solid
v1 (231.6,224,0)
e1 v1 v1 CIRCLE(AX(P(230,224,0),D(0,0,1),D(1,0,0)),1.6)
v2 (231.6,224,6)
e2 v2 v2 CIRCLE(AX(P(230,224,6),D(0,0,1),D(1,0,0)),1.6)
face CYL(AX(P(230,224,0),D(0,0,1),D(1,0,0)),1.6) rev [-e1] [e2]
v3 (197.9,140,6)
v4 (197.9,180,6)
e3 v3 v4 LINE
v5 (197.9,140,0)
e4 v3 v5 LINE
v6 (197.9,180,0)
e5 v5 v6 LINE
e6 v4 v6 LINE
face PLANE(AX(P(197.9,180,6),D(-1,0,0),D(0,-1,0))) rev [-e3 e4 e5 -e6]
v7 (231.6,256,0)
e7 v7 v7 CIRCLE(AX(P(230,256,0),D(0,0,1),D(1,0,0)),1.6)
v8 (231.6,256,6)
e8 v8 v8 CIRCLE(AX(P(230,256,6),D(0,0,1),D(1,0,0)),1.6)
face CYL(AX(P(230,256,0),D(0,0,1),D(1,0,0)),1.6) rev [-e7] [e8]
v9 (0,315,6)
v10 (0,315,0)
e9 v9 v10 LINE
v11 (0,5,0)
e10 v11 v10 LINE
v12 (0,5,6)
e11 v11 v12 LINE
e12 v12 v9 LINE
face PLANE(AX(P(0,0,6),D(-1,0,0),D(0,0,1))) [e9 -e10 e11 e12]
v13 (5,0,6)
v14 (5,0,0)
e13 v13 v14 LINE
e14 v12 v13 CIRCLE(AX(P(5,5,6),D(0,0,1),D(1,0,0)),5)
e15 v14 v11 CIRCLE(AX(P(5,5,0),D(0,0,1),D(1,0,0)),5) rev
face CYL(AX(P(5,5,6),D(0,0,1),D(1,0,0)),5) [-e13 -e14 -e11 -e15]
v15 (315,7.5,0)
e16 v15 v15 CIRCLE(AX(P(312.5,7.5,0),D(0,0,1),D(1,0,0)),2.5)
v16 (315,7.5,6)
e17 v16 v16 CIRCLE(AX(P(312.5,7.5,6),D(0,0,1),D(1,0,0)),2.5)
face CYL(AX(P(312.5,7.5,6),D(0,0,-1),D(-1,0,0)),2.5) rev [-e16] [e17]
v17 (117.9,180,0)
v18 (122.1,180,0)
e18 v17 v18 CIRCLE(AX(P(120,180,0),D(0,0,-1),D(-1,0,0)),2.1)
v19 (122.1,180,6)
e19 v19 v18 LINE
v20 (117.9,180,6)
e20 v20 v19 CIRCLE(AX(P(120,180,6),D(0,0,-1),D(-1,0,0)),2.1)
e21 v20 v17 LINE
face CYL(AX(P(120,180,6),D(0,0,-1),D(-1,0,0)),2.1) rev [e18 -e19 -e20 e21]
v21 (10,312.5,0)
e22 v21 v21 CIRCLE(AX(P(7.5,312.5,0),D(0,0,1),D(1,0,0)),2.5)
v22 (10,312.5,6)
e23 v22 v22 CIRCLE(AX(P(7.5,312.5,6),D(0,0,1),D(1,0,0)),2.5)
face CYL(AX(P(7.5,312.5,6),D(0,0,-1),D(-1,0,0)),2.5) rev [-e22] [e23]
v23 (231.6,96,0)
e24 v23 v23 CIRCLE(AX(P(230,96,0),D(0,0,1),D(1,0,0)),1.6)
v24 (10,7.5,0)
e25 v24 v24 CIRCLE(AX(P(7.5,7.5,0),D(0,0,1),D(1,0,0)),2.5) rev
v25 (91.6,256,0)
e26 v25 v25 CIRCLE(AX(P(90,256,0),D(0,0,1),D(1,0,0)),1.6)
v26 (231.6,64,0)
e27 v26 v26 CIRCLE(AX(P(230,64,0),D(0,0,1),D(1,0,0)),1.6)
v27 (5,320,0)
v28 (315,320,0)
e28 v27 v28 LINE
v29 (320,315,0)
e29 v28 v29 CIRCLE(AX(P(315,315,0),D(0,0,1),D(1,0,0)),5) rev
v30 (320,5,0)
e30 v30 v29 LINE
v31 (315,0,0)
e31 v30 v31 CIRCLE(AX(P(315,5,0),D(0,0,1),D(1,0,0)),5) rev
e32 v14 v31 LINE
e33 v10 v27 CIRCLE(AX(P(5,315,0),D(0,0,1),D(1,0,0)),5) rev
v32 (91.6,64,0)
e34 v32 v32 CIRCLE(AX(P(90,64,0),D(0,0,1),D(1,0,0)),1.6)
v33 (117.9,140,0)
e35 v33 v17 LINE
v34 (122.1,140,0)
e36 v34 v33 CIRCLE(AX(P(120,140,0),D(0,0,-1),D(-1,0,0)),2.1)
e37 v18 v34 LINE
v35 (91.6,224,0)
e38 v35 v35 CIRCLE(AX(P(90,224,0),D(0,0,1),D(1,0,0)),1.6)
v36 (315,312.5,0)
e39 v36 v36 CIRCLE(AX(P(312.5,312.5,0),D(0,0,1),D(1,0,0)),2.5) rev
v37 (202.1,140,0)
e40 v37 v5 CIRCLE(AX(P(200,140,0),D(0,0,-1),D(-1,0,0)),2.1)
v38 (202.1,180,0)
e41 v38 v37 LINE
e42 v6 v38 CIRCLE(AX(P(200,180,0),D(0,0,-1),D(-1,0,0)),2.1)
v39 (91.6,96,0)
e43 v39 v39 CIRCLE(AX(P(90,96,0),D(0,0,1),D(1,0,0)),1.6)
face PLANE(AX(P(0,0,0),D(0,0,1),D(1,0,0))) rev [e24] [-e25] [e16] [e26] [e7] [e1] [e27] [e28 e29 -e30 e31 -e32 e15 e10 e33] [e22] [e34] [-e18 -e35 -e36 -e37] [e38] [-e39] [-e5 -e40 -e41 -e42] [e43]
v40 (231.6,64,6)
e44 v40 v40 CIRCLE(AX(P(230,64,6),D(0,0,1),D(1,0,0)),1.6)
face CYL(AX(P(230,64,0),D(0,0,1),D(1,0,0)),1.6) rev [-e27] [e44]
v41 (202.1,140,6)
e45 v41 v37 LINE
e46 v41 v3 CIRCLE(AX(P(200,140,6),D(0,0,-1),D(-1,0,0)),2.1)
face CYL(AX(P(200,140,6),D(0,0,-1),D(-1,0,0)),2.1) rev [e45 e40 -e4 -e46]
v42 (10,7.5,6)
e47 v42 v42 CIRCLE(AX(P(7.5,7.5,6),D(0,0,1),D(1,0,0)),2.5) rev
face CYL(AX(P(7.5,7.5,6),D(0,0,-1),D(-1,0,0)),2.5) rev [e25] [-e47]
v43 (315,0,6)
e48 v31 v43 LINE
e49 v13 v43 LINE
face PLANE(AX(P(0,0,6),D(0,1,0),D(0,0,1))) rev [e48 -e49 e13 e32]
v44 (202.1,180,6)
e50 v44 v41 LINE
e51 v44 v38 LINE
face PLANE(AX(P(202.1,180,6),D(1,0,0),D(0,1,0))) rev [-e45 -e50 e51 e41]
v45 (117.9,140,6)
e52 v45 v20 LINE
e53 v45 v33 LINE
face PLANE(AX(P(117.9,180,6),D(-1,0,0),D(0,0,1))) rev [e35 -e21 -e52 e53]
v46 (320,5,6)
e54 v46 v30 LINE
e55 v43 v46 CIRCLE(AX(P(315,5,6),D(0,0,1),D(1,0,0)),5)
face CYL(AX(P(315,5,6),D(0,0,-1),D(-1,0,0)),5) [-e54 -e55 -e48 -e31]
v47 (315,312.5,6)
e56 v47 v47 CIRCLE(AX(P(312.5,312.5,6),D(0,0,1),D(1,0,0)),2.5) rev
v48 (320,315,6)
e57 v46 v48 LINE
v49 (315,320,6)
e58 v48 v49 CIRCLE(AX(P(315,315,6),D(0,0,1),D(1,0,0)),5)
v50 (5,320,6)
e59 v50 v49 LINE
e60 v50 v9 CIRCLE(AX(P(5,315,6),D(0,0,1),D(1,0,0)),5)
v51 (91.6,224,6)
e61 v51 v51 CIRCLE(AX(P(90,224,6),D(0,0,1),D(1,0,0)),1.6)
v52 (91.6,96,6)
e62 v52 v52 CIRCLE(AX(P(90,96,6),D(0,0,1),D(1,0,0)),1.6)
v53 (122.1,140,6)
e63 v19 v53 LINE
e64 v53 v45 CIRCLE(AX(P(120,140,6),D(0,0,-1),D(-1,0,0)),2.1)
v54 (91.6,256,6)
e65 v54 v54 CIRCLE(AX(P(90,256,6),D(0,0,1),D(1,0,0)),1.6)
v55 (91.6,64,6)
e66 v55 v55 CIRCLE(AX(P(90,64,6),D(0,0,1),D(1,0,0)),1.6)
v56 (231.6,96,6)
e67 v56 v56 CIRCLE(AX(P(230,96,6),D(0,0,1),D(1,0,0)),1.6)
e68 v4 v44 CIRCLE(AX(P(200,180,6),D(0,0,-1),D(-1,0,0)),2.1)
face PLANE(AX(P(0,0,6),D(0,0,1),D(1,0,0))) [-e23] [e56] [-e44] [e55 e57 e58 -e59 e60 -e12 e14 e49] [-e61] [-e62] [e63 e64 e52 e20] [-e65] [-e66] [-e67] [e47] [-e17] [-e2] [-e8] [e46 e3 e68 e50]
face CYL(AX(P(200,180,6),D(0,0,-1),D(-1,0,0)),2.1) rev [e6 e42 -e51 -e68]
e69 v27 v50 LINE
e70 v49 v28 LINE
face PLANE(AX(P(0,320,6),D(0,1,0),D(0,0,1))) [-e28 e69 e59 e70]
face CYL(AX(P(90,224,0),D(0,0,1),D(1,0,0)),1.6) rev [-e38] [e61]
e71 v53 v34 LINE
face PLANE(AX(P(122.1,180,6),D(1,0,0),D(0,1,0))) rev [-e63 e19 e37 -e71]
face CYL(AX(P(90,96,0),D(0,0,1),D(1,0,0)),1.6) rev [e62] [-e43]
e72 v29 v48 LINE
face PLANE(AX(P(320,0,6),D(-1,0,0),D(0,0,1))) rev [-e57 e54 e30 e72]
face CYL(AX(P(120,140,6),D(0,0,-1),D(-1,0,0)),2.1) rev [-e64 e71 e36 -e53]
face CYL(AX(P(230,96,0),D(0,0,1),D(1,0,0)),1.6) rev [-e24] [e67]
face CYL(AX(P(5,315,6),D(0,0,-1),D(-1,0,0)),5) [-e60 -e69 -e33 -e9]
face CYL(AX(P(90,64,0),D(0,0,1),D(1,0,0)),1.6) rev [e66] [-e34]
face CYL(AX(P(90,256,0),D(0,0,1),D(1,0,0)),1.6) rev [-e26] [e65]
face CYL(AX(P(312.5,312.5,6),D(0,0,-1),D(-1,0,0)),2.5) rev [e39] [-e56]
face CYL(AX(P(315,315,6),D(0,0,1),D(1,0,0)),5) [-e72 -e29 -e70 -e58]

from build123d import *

# Parameters (mm, degrees)
ESQUISSE1_W        = 320
ESQUISSE1_H        = 320
ESQUISSE1_R        = 2.5
BOSS_EXTRU_1_DEPTH = 6
CONG_3_R           = 5
CONG_4_R           = 5
CONG_5_R           = 5
CONG_6_R           = 5
SKETCH1_R          = 1.6
CUT_EXTRUDE1_DEPTH = 7
CUT_EXTRUDE2_DEPTH = 7


with BuildPart() as part:
    # Esquisse1 → Boss.-Extru.1 (new body)
    with BuildSketch(Plane.XY):
        with Locations((160, 160)):
            Rectangle(ESQUISSE1_W, ESQUISSE1_H)
        with Locations((7.5, 312.5)):
            Circle(ESQUISSE1_R, mode=Mode.SUBTRACT)
        with Locations((312.5, 312.5)):
            Circle(ESQUISSE1_R, mode=Mode.SUBTRACT)
        with Locations((7.5, 7.5)):
            Circle(ESQUISSE1_R, mode=Mode.SUBTRACT)
        with Locations((312.5, 7.5)):
            Circle(ESQUISSE1_R, mode=Mode.SUBTRACT)
    extrude(amount=BOSS_EXTRU_1_DEPTH)

    # Congé3
    cong_3_edges = [part.edges().sort_by_distance(p)[0] for p in [
        (0, 320, 3),
    ]]
    fillet(cong_3_edges, radius=CONG_3_R)

    # Congé4
    cong_4_edges = [part.edges().sort_by_distance(p)[0] for p in [
        (0, 0, 3),
    ]]
    fillet(cong_4_edges, radius=CONG_4_R)

    # Congé5
    cong_5_edges = [part.edges().sort_by_distance(p)[0] for p in [
        (320, 320, 3),
    ]]
    fillet(cong_5_edges, radius=CONG_5_R)

    # Congé6
    cong_6_edges = [part.edges().sort_by_distance(p)[0] for p in [
        (320, 0, 3),
    ]]
    fillet(cong_6_edges, radius=CONG_6_R)

    # Sketch1 → Cut-Extrude1 (cut, through all)
    with BuildSketch(Plane.XY.offset(6)):
        with Locations((90, 224)):
            Circle(SKETCH1_R)
        with Locations((230, 224)):
            Circle(SKETCH1_R)
        with Locations((90, 96)):
            Circle(SKETCH1_R)
        with Locations((230, 96)):
            Circle(SKETCH1_R)
        with Locations((90, 256)):
            Circle(SKETCH1_R)
        with Locations((90, 64)):
            Circle(SKETCH1_R)
        with Locations((230, 64)):
            Circle(SKETCH1_R)
        with Locations((230, 256)):
            Circle(SKETCH1_R)
    extrude(amount=-CUT_EXTRUDE1_DEPTH, mode=Mode.SUBTRACT)

    # Sketch3 → Cut-Extrude2 (cut, through all)
    with BuildSketch(Plane(origin=(0, 0, 0), x_dir=(-1, 0, 0), z_dir=(0, 0, -1))):
        with BuildLine():
            Line((-197.9, 180), (-197.9, 140))
            ThreePointArc((-197.9, 140), (-200, 137.9), (-202.1, 140))
            Line((-202.1, 140), (-202.1, 180))
            ThreePointArc((-202.1, 180), (-200, 182.1), (-197.9, 180))
        make_face()
        with BuildLine():
            Line((-117.9, 180), (-117.9, 140))
            ThreePointArc((-117.9, 140), (-120, 137.9), (-122.1, 140))
            Line((-122.1, 140), (-122.1, 180))
            ThreePointArc((-122.1, 180), (-120, 182.1), (-117.9, 180))
        make_face()
    extrude(amount=-CUT_EXTRUDE2_DEPTH, mode=Mode.SUBTRACT)


solid = part.part
